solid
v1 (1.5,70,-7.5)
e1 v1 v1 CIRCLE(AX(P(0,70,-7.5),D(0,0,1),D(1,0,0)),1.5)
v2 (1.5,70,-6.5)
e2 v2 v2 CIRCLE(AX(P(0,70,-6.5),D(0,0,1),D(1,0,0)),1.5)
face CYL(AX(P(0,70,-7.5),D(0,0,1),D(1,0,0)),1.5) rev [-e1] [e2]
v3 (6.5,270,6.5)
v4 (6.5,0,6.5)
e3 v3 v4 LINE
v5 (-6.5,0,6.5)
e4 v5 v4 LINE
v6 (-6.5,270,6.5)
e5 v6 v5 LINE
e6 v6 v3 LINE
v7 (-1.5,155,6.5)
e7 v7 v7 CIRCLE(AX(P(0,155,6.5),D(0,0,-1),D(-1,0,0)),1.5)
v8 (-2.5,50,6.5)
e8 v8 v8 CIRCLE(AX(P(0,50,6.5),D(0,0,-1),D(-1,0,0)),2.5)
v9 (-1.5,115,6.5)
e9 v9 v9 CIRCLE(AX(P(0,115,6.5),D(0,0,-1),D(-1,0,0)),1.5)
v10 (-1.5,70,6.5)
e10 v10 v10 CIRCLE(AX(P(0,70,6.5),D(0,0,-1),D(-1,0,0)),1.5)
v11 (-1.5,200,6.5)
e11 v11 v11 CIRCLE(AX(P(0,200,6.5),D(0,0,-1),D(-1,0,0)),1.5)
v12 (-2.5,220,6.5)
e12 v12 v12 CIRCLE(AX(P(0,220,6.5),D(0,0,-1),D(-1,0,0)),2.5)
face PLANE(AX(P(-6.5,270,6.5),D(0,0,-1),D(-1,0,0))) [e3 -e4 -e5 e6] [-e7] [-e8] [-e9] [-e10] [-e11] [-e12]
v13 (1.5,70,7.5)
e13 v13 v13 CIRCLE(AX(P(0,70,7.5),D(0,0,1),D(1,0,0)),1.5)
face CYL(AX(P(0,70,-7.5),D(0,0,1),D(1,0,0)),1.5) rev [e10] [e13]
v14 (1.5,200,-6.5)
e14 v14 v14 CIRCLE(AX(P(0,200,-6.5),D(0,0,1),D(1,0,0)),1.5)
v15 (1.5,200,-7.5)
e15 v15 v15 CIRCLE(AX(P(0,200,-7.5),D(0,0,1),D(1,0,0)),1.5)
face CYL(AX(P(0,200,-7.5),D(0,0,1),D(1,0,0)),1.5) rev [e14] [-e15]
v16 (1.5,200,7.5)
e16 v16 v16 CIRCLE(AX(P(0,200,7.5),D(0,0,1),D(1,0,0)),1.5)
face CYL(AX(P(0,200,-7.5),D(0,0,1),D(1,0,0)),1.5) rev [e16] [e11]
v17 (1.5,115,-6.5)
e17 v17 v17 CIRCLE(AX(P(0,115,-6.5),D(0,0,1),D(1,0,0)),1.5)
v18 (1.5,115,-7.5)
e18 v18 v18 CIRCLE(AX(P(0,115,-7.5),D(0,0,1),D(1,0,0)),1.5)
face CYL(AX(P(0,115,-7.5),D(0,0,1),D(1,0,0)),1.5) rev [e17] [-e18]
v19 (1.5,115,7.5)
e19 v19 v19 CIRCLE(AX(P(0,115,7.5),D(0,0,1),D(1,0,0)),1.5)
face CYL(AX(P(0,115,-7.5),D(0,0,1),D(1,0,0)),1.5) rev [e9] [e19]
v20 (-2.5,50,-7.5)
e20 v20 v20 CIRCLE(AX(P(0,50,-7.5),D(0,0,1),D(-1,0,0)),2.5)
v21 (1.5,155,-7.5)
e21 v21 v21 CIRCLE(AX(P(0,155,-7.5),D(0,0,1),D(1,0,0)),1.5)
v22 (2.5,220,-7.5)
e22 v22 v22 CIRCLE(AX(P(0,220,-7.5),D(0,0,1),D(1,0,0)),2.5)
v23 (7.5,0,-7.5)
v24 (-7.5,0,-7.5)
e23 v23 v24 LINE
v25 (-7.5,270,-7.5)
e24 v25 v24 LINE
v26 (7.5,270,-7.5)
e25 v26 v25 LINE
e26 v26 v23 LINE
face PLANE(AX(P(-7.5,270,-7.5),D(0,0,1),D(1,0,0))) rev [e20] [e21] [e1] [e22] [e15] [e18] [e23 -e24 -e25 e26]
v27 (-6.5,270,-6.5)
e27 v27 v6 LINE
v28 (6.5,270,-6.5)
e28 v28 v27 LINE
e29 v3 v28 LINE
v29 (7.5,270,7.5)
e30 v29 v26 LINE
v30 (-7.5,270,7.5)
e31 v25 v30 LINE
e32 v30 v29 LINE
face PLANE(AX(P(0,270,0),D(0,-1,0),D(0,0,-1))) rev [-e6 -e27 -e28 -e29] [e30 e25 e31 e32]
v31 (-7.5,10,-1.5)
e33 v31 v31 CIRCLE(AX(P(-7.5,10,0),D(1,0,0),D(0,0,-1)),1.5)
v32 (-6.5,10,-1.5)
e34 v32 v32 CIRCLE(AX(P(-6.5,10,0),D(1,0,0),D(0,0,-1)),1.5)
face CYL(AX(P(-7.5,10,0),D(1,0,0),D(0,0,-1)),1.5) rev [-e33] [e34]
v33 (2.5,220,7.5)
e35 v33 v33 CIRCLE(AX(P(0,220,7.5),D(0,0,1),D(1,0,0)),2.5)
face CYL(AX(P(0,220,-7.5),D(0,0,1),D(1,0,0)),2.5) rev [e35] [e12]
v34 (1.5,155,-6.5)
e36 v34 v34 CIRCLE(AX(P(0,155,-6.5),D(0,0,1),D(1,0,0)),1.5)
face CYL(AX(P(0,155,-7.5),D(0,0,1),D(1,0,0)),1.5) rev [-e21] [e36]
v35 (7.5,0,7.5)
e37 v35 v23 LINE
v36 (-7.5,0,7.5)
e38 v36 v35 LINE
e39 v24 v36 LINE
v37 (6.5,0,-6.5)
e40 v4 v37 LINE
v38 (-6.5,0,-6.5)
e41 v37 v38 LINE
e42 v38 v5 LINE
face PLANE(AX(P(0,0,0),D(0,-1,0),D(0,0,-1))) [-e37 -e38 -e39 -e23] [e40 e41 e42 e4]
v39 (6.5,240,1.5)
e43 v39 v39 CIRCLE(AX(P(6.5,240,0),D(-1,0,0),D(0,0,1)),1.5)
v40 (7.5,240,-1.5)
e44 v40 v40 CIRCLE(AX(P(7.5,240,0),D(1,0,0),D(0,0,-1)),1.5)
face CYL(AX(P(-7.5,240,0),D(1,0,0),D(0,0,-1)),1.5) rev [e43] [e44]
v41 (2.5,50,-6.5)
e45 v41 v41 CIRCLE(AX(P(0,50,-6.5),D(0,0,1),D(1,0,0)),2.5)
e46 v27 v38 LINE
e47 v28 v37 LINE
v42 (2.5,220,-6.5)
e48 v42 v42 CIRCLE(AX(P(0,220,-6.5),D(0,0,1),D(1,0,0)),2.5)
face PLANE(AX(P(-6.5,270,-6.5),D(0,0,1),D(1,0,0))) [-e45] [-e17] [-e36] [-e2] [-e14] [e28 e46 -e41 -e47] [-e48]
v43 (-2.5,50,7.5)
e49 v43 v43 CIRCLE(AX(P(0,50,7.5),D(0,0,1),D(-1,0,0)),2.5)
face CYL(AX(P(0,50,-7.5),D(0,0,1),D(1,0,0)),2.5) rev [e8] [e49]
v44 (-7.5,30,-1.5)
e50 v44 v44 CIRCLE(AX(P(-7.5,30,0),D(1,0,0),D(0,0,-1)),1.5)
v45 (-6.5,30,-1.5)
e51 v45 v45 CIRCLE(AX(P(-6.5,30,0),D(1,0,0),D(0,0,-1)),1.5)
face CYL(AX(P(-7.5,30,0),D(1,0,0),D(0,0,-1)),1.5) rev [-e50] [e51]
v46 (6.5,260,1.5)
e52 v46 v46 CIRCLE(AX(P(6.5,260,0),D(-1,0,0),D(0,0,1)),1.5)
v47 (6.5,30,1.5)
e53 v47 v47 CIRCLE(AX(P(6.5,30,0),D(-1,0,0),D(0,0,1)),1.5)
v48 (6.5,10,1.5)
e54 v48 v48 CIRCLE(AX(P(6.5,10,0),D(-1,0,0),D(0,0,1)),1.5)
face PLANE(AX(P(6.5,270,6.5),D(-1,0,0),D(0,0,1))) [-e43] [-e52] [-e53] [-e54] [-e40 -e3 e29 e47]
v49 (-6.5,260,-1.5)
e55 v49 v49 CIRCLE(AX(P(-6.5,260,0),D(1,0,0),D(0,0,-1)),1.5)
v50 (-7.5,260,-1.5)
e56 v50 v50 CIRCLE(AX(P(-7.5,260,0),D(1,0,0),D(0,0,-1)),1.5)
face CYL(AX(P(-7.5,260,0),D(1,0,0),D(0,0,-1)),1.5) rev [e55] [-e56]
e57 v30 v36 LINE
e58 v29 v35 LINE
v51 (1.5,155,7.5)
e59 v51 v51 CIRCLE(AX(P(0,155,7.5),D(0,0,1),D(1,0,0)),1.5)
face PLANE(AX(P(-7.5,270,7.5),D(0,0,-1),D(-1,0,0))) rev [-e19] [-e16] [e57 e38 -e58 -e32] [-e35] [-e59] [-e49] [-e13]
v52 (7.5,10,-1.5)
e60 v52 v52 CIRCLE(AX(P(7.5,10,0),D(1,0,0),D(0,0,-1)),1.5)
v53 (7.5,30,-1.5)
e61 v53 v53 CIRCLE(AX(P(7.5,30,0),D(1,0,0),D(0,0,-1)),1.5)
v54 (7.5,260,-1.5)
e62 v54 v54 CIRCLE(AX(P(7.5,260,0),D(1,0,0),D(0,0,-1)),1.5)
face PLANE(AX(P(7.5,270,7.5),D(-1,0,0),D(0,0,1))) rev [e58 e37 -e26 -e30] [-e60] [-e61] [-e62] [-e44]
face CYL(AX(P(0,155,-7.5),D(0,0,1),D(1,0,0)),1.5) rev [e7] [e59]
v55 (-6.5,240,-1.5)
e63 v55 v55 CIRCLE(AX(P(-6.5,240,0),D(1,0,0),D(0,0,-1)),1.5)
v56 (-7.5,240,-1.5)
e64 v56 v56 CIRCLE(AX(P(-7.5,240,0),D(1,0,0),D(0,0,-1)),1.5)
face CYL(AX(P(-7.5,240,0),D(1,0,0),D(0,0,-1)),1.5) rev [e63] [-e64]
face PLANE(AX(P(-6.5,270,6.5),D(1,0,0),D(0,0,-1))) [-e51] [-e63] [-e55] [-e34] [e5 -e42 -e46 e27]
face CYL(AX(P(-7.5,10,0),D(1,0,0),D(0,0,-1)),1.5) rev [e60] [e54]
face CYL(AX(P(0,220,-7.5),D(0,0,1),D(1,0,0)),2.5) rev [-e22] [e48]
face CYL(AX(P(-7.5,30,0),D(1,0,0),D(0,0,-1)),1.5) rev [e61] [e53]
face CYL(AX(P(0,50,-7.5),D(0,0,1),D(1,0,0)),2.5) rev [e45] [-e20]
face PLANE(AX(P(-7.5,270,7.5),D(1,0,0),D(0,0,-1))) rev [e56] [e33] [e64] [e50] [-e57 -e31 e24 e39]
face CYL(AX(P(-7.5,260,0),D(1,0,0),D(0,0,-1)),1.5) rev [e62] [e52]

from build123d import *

# Parameters (mm, degrees)
SKETCH_1_W          = 15
SKETCH_1_H          = 15
SKETCH_1_W_2        = 13
SKETCH_1_H_2        = 13
EXTRUDE_1_DEPTH     = 270
SKETCH_2_R          = 1.5
SKETCH_2_R_2        = 2.5
CUT_EXTRUDE_1_DEPTH = 271.520331953
SKETCH_3_R          = 1.5
CUT_EXTRUDE_2_DEPTH = 271.520331953


with BuildPart() as part:
    # 草图1 → 凸台-拉伸1 (new body)
    with BuildSketch(Plane(origin=(0, 0, 0), x_dir=(1, 0, 0), z_dir=(0, 1, 0))):
        Rectangle(SKETCH_1_W, SKETCH_1_H)
        Rectangle(SKETCH_1_W_2, SKETCH_1_H_2, mode=Mode.SUBTRACT)
    extrude(amount=EXTRUDE_1_DEPTH)

    # 草图2 → 切除-拉伸1 (cut, through all)
    with BuildSketch(Plane.XY.offset(7.5)):
        with Locations((0, 155)):
            Circle(SKETCH_2_R)
        with Locations((0, 115)):
            Circle(SKETCH_2_R)
        with Locations((0, 200)):
            Circle(SKETCH_2_R)
        with Locations((0, 70)):
            Circle(SKETCH_2_R)
        with Locations((0, 220)):
            Circle(SKETCH_2_R_2)
        with Locations((0, 50)):
            Circle(SKETCH_2_R_2)
    extrude(amount=-CUT_EXTRUDE_1_DEPTH, mode=Mode.SUBTRACT)

    # 草图3 → 切除-拉伸2 (cut, through all)
    with BuildSketch(Plane(origin=(7.5, 0, 0), x_dir=(0, 0, -1), z_dir=(1, 0, 0))):
        with Locations((0, 240)):
            Circle(SKETCH_3_R)
        with Locations((0, 30)):
            Circle(SKETCH_3_R)
        with Locations((0, 10)):
            Circle(SKETCH_3_R)
        with Locations((0, 260)):
            Circle(SKETCH_3_R)
    extrude(amount=-CUT_EXTRUDE_2_DEPTH, mode=Mode.SUBTRACT)


solid = part.part
